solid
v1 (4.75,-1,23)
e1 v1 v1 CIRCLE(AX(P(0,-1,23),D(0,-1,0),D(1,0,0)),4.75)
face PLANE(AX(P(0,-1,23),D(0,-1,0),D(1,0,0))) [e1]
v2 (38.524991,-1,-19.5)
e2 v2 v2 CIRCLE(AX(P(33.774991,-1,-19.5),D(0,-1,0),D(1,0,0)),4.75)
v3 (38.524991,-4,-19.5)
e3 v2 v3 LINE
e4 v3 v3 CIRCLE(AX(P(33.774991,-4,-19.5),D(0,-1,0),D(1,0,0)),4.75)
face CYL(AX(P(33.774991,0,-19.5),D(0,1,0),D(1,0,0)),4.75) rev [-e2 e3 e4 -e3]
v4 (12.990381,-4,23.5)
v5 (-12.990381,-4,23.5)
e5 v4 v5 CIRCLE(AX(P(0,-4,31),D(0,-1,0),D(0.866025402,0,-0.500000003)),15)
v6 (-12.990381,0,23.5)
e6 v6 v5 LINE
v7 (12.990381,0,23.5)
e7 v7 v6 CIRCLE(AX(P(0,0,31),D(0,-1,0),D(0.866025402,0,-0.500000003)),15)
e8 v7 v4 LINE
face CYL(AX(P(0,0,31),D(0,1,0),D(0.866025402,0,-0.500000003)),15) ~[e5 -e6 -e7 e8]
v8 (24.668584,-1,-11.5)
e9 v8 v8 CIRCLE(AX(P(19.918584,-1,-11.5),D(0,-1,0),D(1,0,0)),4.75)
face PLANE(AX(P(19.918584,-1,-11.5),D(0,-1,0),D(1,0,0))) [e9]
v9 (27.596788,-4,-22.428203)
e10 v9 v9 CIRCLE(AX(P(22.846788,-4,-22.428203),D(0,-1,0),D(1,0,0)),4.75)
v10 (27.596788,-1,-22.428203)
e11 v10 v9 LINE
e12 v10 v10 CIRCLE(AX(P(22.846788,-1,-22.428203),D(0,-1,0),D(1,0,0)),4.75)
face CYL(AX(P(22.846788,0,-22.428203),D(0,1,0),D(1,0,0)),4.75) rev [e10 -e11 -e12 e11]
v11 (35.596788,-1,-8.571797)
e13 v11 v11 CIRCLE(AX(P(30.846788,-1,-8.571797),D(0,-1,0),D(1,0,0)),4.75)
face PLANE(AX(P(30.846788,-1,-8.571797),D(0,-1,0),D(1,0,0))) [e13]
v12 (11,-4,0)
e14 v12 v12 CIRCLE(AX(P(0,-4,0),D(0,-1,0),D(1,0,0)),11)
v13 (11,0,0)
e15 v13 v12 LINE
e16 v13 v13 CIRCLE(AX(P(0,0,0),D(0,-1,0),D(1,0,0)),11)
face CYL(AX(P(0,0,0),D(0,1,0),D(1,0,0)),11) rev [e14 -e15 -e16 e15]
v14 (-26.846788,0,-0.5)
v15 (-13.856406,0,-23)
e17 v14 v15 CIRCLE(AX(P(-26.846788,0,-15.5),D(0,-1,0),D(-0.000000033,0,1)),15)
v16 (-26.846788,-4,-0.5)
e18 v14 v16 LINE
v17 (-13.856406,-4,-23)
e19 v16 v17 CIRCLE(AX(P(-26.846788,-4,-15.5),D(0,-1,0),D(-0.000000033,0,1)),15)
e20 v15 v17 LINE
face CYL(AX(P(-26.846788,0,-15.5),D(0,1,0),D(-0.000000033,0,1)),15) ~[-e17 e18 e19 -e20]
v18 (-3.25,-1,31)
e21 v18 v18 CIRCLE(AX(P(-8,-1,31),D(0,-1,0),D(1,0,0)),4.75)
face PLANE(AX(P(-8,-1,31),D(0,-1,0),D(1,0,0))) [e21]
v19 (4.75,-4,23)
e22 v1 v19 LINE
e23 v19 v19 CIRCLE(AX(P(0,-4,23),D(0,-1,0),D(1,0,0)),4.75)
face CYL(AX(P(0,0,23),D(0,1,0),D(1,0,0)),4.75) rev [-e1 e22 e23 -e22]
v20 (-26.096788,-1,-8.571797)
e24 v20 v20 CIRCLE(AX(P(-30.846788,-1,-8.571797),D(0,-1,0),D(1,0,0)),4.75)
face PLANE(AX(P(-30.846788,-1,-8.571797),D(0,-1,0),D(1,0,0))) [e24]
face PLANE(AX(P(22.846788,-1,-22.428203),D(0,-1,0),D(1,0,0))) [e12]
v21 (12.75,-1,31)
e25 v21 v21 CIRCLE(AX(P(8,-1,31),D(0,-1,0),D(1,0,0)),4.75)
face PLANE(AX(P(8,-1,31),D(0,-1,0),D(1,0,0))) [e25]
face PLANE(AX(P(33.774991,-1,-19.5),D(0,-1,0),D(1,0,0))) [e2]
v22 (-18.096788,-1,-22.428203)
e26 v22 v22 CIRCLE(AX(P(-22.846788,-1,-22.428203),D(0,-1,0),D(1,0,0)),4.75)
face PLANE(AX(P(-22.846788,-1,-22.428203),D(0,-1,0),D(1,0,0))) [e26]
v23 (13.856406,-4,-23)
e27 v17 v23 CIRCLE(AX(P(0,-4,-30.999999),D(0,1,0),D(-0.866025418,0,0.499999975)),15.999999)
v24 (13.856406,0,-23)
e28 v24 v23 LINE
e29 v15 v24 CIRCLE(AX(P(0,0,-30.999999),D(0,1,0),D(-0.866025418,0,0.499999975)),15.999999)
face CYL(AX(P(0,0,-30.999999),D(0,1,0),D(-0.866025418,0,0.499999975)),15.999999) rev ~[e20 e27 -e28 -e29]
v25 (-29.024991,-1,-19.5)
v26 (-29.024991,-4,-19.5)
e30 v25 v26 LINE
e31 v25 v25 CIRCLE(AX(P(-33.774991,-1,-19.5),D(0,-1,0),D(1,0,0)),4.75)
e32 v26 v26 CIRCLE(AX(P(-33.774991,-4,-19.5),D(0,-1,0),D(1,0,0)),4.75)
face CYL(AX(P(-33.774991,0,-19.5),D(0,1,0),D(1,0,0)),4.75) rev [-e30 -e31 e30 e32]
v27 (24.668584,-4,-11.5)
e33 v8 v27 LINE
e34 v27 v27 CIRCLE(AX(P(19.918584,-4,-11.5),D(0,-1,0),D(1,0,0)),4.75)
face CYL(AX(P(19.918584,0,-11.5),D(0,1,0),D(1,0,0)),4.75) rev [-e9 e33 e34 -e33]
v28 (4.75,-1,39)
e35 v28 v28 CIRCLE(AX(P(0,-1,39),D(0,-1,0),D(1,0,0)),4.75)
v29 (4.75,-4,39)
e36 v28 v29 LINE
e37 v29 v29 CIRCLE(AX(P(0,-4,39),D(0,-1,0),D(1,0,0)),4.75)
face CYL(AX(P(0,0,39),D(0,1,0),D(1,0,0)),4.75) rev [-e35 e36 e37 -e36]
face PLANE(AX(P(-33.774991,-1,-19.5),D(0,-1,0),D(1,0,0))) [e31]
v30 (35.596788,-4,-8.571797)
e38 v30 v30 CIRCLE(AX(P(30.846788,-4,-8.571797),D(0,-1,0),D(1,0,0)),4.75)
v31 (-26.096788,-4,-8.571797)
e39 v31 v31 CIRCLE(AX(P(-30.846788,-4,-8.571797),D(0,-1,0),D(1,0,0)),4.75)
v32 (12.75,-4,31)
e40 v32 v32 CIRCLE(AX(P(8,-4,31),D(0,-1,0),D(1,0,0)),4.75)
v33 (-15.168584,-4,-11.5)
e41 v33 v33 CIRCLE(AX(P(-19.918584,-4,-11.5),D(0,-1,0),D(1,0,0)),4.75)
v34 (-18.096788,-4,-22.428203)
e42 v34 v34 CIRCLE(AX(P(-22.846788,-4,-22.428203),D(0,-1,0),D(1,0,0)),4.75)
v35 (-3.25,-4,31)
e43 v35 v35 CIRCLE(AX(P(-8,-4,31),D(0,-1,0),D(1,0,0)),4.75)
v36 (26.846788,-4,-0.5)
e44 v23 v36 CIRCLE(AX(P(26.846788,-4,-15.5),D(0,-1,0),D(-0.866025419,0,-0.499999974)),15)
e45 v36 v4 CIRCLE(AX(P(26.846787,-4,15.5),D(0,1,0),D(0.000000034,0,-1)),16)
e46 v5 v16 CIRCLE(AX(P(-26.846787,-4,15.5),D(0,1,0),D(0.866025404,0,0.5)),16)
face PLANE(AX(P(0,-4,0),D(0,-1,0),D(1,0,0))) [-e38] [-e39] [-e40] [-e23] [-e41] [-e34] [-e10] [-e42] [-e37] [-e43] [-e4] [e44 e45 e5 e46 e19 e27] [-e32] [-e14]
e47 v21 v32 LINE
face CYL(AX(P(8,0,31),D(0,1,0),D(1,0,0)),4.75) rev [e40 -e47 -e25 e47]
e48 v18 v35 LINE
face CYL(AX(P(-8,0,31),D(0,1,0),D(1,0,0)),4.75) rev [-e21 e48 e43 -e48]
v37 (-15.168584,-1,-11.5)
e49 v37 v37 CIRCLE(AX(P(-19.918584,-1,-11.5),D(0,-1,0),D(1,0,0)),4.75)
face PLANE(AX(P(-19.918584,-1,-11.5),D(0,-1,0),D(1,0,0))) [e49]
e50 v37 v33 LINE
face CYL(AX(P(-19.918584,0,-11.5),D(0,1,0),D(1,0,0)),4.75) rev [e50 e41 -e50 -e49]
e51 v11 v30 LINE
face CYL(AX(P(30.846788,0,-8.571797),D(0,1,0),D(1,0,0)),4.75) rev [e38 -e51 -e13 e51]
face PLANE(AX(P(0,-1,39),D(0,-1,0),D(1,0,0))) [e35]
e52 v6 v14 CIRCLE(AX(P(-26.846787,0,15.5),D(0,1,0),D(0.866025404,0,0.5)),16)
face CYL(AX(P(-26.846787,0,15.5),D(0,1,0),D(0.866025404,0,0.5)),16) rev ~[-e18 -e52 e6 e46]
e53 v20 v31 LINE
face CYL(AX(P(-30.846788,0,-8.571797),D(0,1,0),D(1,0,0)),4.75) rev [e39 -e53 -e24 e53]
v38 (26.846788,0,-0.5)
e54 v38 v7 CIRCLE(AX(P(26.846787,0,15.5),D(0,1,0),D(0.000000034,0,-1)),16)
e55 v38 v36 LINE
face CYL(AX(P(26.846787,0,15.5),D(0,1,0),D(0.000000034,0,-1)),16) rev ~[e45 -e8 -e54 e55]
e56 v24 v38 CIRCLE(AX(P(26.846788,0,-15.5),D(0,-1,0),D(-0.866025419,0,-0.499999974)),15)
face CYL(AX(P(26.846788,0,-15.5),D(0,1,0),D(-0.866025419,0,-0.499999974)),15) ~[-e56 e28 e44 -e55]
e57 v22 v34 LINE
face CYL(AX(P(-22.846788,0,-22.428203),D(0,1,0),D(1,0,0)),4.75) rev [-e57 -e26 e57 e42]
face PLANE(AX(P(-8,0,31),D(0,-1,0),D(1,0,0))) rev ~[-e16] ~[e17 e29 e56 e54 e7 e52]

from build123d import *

# Parameters (mm, degrees)
F0_R     = 4.75
F0_R_2   = 11
F1_DEPTH = 4
F2_DEPTH = 1


with BuildPart() as f1:
    # F0 (on Front) → F1 (new body)
    with BuildSketch(Plane.XZ):
        with BuildLine():
            ThreePointArc((-12.990381, 23.5), (-12.990381, 7.5), (-26.846788, -0.5))
            ThreePointArc((-26.846788, -0.5), (-39.837169, -23), (-13.856406, -23))
            ThreePointArc((-13.856406, -23), (0, -15), (13.856406, -23))
            ThreePointArc((13.856406, -23), (39.837169, -23), (26.846788, -0.5))
            ThreePointArc((26.846788, -0.5), (12.990381, 7.5), (12.990381, 23.5))
            ThreePointArc((12.990381, 23.5), (0, 46), (-12.990381, 23.5))
        make_face()
        with Locations((-22.846788, -22.428203)):
            Circle(F0_R, mode=Mode.SUBTRACT)
        with Locations((-33.774991, -19.5)):
            Circle(F0_R, mode=Mode.SUBTRACT)
        with Locations((-19.918584, -11.5)):
            Circle(F0_R, mode=Mode.SUBTRACT)
        with Locations((-30.846788, -8.571797)):
            Circle(F0_R, mode=Mode.SUBTRACT)
        with Locations((19.918584, -11.5)):
            Circle(F0_R, mode=Mode.SUBTRACT)
        with Locations((22.846788, -22.428203)):
            Circle(F0_R, mode=Mode.SUBTRACT)
        with Locations((33.774991, -19.5)):
            Circle(F0_R, mode=Mode.SUBTRACT)
        Circle(F0_R_2, mode=Mode.SUBTRACT)
        with Locations((30.846788, -8.571797)):
            Circle(F0_R, mode=Mode.SUBTRACT)
        with Locations((-8, 31)):
            Circle(F0_R, mode=Mode.SUBTRACT)
        with Locations((0, 23)):
            Circle(F0_R, mode=Mode.SUBTRACT)
        with Locations((8, 31)):
            Circle(F0_R, mode=Mode.SUBTRACT)
        with Locations((0, 39)):
            Circle(F0_R, mode=Mode.SUBTRACT)
    extrude(amount=F1_DEPTH)

    # F0 (on Front) → F2 (join)
    with BuildSketch(Plane.XZ):
        with Locations((-8, 31)):
            Circle(F0_R)
        with Locations((0, 39)):
            Circle(F0_R)
        with Locations((8, 31)):
            Circle(F0_R)
        with Locations((0, 23)):
            Circle(F0_R)
        with Locations((-30.846788, -8.571797)):
            Circle(F0_R)
        with Locations((-33.774991, -19.5)):
            Circle(F0_R)
        with Locations((-22.846788, -22.428203)):
            Circle(F0_R)
        with Locations((-19.918584, -11.5)):
            Circle(F0_R)
        with Locations((22.846788, -22.428203)):
            Circle(F0_R)
        with Locations((19.918584, -11.5)):
            Circle(F0_R)
        with Locations((30.846788, -8.571797)):
            Circle(F0_R)
        with Locations((33.774991, -19.5)):
            Circle(F0_R)
    extrude(amount=F2_DEPTH)


solid = f1.part
